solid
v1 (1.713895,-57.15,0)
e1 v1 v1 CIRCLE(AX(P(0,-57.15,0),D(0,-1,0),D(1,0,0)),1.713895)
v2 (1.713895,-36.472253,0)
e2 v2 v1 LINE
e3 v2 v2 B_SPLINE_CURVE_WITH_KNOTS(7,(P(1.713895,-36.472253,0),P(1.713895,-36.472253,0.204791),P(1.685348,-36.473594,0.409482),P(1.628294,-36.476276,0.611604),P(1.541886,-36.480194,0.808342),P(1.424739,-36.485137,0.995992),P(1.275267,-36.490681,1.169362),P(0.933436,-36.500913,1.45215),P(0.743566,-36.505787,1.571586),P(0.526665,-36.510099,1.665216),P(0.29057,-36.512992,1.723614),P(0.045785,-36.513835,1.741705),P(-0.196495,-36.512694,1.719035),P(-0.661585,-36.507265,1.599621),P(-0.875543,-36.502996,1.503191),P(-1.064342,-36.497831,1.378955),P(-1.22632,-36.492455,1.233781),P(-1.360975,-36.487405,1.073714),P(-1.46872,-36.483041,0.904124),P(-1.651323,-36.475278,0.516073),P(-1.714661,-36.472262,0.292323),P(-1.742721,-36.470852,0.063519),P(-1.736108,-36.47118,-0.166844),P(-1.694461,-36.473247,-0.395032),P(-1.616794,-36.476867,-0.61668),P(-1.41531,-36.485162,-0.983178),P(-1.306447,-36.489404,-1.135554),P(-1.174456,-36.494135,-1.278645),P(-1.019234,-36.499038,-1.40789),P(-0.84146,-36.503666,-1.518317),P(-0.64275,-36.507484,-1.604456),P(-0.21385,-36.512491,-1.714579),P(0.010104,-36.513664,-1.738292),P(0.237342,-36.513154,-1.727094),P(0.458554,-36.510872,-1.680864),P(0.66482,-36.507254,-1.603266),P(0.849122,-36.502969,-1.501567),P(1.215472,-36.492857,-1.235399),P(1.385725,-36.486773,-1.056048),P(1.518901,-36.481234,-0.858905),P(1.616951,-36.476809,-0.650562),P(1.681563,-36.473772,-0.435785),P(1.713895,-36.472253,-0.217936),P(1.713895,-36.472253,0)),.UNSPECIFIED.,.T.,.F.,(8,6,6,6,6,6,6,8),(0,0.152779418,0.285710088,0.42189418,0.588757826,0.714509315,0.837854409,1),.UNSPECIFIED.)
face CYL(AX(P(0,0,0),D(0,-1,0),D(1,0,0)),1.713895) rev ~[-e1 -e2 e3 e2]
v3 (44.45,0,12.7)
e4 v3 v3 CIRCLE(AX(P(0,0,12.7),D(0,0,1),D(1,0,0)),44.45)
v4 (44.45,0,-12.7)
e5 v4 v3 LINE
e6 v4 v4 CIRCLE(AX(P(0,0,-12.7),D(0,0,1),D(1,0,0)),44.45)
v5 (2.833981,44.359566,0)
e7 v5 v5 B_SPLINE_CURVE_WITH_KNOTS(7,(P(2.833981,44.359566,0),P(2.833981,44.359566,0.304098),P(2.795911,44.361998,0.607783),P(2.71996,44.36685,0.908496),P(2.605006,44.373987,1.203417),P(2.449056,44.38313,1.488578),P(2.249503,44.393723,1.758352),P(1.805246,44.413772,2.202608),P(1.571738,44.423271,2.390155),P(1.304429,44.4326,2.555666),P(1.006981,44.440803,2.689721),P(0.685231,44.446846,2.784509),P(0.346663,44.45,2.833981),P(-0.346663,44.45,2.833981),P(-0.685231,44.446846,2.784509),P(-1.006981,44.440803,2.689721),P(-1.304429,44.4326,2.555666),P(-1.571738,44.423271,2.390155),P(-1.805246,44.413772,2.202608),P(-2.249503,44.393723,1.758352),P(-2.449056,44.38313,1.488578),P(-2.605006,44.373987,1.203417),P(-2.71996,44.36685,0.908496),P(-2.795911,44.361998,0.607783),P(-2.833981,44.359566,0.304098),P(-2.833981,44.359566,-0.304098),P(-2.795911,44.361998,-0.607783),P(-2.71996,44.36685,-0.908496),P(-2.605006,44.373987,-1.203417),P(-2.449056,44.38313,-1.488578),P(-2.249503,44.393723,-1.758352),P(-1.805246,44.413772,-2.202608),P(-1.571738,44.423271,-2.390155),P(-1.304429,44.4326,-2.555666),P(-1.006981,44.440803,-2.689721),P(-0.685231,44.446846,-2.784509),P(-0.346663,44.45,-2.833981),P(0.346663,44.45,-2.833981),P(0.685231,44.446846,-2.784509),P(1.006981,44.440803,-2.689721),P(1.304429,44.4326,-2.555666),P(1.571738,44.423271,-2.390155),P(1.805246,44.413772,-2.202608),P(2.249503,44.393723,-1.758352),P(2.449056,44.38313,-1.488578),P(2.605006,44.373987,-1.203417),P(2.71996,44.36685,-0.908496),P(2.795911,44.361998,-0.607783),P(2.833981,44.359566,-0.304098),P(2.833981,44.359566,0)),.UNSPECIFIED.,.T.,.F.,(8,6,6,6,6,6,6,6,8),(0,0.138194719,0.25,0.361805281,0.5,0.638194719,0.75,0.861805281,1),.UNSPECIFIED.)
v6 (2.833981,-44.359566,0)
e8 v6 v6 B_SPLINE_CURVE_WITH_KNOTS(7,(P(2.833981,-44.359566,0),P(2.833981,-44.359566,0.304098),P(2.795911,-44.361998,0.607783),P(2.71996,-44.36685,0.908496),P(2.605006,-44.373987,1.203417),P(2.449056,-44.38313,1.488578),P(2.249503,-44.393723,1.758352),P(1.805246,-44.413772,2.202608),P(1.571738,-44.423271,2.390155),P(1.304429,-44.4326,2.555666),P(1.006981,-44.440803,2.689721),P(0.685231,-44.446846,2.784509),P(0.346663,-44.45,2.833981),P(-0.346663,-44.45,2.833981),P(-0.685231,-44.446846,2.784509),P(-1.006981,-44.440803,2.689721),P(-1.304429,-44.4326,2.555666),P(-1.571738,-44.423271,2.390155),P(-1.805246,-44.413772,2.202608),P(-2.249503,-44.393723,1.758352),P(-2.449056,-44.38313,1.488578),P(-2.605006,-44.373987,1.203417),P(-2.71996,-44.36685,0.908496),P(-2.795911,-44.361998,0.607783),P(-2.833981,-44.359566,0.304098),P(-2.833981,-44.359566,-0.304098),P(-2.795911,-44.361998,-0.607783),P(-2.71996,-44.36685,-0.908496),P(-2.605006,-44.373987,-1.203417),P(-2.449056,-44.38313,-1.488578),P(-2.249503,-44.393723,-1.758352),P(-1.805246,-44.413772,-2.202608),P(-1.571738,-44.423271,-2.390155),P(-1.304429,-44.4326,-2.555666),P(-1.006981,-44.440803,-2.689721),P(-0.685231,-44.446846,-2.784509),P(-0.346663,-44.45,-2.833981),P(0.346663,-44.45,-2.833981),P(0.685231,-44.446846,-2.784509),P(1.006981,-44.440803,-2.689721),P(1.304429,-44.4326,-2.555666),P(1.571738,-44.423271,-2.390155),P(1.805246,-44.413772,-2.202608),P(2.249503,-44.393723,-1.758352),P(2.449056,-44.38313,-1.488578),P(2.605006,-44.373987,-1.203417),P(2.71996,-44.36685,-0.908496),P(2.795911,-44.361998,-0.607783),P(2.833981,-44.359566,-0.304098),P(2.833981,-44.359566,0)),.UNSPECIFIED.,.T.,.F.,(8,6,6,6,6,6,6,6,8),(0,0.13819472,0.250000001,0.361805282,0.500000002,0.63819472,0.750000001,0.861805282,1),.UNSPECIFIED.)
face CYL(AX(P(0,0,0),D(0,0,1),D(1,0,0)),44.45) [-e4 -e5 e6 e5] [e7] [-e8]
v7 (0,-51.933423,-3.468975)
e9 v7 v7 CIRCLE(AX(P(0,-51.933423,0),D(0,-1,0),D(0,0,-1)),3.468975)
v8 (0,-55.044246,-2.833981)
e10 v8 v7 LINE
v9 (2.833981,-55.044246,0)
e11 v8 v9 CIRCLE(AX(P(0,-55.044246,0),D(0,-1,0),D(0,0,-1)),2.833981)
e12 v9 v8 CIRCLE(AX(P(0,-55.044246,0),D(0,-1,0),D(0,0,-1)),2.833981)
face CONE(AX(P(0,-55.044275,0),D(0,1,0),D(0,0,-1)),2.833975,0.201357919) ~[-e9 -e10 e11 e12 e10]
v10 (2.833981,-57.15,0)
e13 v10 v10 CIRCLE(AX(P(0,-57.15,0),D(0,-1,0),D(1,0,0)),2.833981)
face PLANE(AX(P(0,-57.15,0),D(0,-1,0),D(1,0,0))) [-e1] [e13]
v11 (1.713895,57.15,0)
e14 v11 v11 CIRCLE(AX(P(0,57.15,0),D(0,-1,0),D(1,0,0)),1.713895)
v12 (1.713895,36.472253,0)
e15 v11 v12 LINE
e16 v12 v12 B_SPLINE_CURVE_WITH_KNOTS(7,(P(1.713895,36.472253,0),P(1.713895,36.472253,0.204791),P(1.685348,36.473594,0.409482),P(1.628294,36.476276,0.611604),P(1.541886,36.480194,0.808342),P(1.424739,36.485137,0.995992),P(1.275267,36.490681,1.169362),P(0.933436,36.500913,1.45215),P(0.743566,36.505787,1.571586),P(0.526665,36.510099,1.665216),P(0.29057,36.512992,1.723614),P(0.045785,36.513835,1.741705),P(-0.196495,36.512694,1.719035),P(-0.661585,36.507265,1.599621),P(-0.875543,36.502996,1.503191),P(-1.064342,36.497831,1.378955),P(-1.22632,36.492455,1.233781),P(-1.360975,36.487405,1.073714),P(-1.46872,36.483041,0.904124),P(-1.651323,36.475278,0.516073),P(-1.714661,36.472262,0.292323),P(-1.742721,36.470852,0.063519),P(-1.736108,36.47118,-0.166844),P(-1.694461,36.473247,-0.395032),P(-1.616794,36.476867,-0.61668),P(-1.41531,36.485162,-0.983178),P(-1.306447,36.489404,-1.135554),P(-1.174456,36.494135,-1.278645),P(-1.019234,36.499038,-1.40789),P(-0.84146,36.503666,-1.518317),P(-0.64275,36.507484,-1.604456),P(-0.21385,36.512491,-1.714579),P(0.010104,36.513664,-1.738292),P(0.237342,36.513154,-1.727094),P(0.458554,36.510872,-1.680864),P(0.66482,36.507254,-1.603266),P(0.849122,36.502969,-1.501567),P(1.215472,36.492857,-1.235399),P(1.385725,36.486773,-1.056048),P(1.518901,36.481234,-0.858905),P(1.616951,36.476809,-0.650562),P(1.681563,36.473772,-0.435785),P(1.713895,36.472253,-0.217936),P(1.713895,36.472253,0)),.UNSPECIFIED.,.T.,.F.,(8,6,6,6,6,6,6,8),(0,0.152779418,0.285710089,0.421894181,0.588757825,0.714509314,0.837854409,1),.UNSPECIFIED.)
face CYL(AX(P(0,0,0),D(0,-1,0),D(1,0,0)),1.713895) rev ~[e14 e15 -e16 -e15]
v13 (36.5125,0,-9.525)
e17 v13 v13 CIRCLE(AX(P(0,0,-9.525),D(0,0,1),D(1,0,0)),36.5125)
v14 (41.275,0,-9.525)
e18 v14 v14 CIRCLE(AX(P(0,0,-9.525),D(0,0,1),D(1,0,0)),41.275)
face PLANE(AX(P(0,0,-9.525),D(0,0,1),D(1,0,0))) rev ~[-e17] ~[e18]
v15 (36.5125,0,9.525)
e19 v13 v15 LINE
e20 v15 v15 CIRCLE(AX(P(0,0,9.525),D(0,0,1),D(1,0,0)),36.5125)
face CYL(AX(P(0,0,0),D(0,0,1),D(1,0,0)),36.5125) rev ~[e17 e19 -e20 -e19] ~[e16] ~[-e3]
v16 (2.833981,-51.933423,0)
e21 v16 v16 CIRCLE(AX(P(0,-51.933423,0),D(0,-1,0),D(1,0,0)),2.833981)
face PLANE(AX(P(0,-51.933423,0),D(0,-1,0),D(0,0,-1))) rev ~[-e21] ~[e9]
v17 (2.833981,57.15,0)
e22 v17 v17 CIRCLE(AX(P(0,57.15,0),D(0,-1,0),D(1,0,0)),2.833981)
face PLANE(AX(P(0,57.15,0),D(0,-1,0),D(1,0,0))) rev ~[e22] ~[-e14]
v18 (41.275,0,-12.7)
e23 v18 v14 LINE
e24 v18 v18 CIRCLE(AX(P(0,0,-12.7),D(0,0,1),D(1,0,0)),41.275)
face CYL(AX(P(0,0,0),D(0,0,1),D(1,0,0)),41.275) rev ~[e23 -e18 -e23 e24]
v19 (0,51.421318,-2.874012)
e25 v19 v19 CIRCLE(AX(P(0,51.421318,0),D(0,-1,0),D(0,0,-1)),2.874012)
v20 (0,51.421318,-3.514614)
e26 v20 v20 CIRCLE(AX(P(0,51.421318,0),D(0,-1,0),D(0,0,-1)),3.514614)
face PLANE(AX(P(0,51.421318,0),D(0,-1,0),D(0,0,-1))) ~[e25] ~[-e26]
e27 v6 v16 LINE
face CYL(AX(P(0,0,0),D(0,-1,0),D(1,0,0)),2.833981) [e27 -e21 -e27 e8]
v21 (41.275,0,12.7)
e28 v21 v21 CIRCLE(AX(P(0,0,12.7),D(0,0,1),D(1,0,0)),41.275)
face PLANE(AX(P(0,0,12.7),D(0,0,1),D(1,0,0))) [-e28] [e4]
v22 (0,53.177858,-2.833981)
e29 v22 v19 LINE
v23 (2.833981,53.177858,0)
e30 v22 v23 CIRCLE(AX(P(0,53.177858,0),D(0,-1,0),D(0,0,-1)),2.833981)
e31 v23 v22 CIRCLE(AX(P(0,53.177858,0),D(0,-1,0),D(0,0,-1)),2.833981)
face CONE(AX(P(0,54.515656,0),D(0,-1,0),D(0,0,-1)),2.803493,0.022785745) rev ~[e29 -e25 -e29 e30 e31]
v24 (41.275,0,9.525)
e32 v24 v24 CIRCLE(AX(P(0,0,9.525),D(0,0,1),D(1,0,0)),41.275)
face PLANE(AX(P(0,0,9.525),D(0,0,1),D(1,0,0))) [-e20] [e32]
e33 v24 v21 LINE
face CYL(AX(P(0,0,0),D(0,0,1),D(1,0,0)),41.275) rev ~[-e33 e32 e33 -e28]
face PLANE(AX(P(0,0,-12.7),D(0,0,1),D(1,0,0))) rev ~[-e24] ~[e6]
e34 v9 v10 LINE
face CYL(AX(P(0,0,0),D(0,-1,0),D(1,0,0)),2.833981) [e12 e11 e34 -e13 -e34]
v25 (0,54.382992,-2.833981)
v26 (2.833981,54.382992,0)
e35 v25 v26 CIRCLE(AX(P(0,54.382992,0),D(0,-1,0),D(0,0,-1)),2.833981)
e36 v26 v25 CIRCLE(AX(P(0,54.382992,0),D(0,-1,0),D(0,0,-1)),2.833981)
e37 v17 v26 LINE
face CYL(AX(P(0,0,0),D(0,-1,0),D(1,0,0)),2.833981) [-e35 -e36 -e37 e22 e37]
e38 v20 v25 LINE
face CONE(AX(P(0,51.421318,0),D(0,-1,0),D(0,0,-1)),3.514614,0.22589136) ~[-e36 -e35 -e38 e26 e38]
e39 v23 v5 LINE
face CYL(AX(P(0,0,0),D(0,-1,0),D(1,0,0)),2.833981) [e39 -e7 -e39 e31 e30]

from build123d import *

# Parameters (mm, degrees)
F0_R      = 44.45
F1_DEPTH  = 12.7
F2_R      = 41.275
F3_DEPTH  = 12.7
F4_R      = 41.275
F5_DEPTH  = 9.525
F7_R      = 2.833981
F8_DEPTH  = 57.15
F11_R     = 1.713895
F12_DEPTH = 57.15
F6_R      = 36.5125
F15_DEPTH = 12.7


with BuildPart() as f1:
    # F0 (on Top) → F1 (new body, symmetric)
    with BuildSketch(Plane.XY):
        Circle(F0_R)
    extrude(amount=F1_DEPTH, both=True)

    # F2 (on Top) → F3 (cut, symmetric)
    with BuildSketch(Plane.XY):
        Circle(F2_R)
    extrude(amount=F3_DEPTH, both=True, mode=Mode.SUBTRACT)

    # F4 (on Top) → F5 (join, symmetric)
    with BuildSketch(Plane.XY):
        Circle(F4_R)
    extrude(amount=F5_DEPTH, both=True)

    # F7 (on Front) → F8 (join, symmetric)
    with BuildSketch(Plane.XZ):
        Circle(F7_R)
    extrude(amount=F8_DEPTH, both=True)

    # F9 (on Right) → F10 (revolve)
    with BuildSketch(Plane.YZ):
        Polygon((-51.933423, -2.833975), (-55.044275, -2.833975), (-51.933423, -3.468975), align=None)
    revolve(axis=Axis((0, -57.15, 0), (0, -1, 0)))

    # F11 (on Front) → F12 (cut, symmetric)
    with BuildSketch(Plane.XZ):
        Circle(F11_R)
    extrude(amount=F12_DEPTH, both=True, mode=Mode.SUBTRACT)

    # F13 (on Right) → F14 (revolve)
    with BuildSketch(Plane.YZ):
        Polygon((51.421318, -3.514614), (54.515656, -2.803493), (51.421318, -2.874012), align=None)
    revolve(axis=Axis((0, 57.15, 0), (0, -1, 0)))

    # F6 (on Top) → F15 (cut, symmetric)
    with BuildSketch(Plane.XY):
        Circle(F6_R)
    extrude(amount=F15_DEPTH, both=True, mode=Mode.SUBTRACT)


solid = f1.part
